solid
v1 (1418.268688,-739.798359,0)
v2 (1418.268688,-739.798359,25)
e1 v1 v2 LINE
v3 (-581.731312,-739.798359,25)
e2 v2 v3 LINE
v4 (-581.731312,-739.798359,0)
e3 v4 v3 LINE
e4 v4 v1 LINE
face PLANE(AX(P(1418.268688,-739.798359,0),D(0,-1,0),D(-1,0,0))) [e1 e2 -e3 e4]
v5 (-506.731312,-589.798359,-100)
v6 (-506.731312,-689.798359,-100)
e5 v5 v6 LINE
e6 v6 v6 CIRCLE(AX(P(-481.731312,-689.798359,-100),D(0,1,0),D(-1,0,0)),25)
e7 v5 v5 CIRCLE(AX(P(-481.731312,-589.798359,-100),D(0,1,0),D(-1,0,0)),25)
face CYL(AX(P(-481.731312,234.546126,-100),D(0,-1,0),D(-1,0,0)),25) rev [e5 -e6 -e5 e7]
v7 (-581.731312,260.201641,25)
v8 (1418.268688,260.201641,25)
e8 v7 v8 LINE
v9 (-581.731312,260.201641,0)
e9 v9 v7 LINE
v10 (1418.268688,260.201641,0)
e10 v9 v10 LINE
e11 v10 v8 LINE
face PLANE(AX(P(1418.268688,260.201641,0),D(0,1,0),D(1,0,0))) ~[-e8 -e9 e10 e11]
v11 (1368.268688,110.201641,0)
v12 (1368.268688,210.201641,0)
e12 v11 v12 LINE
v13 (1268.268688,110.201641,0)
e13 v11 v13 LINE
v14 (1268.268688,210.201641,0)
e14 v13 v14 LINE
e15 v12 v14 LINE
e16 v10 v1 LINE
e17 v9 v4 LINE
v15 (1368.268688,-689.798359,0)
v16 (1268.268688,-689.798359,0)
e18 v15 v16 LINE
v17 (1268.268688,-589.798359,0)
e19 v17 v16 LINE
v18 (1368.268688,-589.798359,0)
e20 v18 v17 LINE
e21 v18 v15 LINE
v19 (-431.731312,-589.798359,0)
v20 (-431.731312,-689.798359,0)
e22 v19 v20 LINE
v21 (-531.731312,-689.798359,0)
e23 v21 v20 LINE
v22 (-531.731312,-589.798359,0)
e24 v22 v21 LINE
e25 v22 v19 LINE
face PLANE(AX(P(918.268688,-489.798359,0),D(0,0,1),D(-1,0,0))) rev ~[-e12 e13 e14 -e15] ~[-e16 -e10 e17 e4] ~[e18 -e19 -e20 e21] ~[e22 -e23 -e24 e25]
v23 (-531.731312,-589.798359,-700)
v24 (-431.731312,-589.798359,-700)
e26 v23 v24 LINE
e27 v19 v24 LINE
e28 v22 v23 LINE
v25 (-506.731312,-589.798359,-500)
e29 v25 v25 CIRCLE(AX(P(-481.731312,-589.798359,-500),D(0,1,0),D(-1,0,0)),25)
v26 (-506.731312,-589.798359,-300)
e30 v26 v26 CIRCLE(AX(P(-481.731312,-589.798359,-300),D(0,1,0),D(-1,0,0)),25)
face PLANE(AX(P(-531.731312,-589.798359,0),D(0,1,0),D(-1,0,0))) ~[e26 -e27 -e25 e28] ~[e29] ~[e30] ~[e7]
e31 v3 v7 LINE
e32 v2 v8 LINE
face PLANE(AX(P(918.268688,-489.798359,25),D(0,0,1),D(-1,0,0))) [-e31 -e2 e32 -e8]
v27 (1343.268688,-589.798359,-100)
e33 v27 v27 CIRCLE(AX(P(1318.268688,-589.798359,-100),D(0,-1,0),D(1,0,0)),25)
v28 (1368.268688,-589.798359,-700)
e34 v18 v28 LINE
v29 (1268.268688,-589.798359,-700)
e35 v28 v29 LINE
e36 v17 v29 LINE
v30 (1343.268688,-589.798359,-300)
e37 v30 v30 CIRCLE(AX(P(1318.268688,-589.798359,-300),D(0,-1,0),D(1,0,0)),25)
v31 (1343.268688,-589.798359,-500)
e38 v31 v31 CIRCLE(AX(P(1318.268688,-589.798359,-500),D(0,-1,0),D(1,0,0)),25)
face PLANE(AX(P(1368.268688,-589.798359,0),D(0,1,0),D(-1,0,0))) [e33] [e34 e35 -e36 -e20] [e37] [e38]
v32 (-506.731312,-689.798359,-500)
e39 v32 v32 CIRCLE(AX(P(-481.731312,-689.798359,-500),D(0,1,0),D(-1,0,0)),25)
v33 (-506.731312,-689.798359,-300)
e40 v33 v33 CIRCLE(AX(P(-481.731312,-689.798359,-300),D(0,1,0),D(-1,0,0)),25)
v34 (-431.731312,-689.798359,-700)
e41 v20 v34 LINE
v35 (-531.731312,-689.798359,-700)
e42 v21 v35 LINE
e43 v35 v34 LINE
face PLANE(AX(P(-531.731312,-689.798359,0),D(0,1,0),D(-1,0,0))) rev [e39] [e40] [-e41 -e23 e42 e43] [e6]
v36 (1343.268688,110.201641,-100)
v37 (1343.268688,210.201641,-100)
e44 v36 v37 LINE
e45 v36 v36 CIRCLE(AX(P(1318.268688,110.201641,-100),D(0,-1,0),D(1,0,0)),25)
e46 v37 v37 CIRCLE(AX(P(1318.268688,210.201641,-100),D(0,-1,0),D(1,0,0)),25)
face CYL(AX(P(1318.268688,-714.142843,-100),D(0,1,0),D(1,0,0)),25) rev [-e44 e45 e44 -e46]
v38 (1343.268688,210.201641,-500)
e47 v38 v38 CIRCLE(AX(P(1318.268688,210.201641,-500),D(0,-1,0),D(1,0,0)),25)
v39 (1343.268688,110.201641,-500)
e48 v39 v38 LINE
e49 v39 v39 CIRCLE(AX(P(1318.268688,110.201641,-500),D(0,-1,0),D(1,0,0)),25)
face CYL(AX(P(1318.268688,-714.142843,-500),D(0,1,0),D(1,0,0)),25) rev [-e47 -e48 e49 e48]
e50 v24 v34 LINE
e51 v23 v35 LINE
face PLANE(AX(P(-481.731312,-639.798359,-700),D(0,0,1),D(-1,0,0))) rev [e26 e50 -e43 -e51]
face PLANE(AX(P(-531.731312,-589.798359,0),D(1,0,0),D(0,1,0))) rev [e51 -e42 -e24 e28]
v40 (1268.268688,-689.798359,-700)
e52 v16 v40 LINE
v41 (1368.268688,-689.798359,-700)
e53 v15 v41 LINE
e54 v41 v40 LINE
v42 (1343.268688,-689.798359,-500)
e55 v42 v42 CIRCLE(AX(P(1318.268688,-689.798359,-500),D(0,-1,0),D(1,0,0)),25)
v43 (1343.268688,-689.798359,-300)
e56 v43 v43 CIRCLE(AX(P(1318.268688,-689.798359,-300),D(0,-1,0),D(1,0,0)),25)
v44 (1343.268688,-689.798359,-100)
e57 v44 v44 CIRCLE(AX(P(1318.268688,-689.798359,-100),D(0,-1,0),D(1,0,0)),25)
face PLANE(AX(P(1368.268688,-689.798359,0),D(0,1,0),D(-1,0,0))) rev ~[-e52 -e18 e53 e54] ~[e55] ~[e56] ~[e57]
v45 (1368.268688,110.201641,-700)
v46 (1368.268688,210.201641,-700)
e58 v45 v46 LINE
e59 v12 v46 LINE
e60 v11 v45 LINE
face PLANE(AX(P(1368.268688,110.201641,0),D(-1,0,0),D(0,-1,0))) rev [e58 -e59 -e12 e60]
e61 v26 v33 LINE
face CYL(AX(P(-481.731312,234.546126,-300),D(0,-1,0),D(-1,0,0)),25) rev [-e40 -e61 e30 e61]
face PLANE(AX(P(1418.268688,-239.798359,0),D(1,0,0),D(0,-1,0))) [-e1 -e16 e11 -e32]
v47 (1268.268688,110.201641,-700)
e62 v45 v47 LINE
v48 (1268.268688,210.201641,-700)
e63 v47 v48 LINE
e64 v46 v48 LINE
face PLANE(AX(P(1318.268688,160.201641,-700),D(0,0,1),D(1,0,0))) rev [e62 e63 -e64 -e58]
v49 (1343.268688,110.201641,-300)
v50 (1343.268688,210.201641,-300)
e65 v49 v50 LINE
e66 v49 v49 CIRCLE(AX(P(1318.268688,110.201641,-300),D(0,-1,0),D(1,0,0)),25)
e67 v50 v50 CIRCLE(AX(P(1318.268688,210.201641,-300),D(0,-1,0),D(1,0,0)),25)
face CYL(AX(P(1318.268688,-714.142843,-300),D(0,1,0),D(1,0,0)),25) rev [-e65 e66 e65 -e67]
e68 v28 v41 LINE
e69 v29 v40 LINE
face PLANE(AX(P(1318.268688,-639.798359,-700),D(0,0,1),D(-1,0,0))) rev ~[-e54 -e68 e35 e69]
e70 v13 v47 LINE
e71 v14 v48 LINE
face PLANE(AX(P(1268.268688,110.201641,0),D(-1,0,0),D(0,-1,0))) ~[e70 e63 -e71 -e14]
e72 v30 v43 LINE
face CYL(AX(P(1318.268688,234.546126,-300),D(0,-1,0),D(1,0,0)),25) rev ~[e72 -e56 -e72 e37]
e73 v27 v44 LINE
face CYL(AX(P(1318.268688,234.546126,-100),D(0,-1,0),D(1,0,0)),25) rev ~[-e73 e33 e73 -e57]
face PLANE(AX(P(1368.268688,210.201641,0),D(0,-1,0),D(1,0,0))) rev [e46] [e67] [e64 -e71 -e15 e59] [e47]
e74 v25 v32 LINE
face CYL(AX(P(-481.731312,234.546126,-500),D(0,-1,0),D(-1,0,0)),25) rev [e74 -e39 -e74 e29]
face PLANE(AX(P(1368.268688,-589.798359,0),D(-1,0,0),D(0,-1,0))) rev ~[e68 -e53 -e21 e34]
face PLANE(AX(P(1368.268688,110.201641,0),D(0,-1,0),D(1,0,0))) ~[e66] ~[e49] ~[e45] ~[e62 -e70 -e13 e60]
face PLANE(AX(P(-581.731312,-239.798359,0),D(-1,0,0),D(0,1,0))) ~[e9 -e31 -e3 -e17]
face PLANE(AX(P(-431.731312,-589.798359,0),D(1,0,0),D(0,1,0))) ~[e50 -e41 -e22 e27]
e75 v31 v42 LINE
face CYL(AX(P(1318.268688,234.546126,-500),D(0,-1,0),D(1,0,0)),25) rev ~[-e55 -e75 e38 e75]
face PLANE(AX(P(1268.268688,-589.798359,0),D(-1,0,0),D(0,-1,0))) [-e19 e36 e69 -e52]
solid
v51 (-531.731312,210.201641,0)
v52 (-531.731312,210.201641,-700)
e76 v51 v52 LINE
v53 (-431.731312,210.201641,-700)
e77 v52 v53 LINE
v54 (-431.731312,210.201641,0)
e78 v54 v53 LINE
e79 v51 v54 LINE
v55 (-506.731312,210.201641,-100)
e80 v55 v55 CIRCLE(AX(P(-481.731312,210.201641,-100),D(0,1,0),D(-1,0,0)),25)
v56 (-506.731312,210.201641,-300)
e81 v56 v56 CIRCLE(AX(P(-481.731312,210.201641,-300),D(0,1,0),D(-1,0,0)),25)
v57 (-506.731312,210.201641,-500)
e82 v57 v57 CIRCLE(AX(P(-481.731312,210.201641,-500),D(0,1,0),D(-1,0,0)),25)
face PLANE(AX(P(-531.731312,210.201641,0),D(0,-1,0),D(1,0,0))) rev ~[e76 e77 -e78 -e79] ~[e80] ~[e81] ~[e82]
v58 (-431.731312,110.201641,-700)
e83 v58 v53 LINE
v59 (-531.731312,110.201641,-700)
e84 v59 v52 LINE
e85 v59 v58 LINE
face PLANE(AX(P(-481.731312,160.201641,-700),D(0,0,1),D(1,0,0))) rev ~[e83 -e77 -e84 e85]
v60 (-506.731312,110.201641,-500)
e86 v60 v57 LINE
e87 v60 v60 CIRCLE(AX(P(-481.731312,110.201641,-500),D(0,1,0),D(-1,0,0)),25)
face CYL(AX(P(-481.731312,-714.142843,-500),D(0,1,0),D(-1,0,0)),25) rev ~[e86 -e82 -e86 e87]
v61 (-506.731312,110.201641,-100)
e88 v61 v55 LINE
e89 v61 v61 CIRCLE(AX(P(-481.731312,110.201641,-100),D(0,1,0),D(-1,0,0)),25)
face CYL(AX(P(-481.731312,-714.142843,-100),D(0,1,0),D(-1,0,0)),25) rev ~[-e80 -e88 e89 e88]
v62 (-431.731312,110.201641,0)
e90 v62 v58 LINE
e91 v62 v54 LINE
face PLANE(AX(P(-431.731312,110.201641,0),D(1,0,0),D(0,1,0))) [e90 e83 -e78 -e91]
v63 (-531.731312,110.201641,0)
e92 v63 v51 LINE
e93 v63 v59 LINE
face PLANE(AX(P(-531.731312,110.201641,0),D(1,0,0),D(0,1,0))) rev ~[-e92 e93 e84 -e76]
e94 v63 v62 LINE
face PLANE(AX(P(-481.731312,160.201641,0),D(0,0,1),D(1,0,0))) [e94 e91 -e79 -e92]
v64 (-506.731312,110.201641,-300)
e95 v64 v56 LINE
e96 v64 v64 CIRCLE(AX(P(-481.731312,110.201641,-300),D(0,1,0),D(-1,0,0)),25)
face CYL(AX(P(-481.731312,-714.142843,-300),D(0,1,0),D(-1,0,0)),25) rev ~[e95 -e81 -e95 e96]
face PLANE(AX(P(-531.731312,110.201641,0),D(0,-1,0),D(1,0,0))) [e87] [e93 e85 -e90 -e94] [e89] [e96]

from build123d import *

# Parameters (mm, degrees)
F0_W     = 1000
F0_H     = 500
F0_W_2   = 100
F0_H_2   = 100
F1_DEPTH = 25
F2_DEPTH = 700
F4_D     = 50


with BuildPart() as f1:
    # F0 (on Top) → F1 (new body)
    with BuildSketch(Plane.XY):
        with Locations((-81.7313119769, 10.2016413486)):
            Rectangle(F0_W, F0_H)
        with Locations((-481.7313119769, 160.2016413486)):
            Rectangle(F0_W_2, F0_H_2, mode=Mode.SUBTRACT)
        with Locations((-481.7313119769, 160.2016413486)):
            Rectangle(F0_W_2, F0_H_2)
    extrude(amount=F1_DEPTH)

    # F5: F1, F2 across face


with BuildPart() as f2:
    # F0 (on Top) → F2 (new body)
    with BuildSketch(Plane.XY):
        with Locations((-481.7313119769, 160.2016413486)):
            Rectangle(F0_W_2, F0_H_2)
    extrude(amount=-F2_DEPTH)

    # F4 (through all)
    with Locations(Plane.XZ):
        with Locations((-481.7313119769, -100), (-481.7313119769, -300), (-481.7313119769, -500)):
            Hole(F4_D / 2)


with BuildPart() as f1_1:
    add(f1.part)
    add(f1.part.mirror(Plane(origin=(-81.7313119769, -239.7983586514, 12.5), x_dir=(1, 0, 0), z_dir=(0, -1, 0))))
    add(f2.part.mirror(Plane(origin=(-81.7313119769, -239.7983586514, 12.5), x_dir=(1, 0, 0), z_dir=(0, -1, 0))))

    # F6: F1, F2 across face


with BuildPart() as f1_2:
    add(f1_1.part)
    add(f1_1.part.mirror(Plane(origin=(418.2686880231, -239.7983586514, 12.5), x_dir=(0, 1, 0), z_dir=(1, 0, 0))))
    add(f2.part.mirror(Plane(origin=(418.2686880231, -239.7983586514, 12.5), x_dir=(0, 1, 0), z_dir=(1, 0, 0))))


solid = Compound([f2.part, f1_2.part])
